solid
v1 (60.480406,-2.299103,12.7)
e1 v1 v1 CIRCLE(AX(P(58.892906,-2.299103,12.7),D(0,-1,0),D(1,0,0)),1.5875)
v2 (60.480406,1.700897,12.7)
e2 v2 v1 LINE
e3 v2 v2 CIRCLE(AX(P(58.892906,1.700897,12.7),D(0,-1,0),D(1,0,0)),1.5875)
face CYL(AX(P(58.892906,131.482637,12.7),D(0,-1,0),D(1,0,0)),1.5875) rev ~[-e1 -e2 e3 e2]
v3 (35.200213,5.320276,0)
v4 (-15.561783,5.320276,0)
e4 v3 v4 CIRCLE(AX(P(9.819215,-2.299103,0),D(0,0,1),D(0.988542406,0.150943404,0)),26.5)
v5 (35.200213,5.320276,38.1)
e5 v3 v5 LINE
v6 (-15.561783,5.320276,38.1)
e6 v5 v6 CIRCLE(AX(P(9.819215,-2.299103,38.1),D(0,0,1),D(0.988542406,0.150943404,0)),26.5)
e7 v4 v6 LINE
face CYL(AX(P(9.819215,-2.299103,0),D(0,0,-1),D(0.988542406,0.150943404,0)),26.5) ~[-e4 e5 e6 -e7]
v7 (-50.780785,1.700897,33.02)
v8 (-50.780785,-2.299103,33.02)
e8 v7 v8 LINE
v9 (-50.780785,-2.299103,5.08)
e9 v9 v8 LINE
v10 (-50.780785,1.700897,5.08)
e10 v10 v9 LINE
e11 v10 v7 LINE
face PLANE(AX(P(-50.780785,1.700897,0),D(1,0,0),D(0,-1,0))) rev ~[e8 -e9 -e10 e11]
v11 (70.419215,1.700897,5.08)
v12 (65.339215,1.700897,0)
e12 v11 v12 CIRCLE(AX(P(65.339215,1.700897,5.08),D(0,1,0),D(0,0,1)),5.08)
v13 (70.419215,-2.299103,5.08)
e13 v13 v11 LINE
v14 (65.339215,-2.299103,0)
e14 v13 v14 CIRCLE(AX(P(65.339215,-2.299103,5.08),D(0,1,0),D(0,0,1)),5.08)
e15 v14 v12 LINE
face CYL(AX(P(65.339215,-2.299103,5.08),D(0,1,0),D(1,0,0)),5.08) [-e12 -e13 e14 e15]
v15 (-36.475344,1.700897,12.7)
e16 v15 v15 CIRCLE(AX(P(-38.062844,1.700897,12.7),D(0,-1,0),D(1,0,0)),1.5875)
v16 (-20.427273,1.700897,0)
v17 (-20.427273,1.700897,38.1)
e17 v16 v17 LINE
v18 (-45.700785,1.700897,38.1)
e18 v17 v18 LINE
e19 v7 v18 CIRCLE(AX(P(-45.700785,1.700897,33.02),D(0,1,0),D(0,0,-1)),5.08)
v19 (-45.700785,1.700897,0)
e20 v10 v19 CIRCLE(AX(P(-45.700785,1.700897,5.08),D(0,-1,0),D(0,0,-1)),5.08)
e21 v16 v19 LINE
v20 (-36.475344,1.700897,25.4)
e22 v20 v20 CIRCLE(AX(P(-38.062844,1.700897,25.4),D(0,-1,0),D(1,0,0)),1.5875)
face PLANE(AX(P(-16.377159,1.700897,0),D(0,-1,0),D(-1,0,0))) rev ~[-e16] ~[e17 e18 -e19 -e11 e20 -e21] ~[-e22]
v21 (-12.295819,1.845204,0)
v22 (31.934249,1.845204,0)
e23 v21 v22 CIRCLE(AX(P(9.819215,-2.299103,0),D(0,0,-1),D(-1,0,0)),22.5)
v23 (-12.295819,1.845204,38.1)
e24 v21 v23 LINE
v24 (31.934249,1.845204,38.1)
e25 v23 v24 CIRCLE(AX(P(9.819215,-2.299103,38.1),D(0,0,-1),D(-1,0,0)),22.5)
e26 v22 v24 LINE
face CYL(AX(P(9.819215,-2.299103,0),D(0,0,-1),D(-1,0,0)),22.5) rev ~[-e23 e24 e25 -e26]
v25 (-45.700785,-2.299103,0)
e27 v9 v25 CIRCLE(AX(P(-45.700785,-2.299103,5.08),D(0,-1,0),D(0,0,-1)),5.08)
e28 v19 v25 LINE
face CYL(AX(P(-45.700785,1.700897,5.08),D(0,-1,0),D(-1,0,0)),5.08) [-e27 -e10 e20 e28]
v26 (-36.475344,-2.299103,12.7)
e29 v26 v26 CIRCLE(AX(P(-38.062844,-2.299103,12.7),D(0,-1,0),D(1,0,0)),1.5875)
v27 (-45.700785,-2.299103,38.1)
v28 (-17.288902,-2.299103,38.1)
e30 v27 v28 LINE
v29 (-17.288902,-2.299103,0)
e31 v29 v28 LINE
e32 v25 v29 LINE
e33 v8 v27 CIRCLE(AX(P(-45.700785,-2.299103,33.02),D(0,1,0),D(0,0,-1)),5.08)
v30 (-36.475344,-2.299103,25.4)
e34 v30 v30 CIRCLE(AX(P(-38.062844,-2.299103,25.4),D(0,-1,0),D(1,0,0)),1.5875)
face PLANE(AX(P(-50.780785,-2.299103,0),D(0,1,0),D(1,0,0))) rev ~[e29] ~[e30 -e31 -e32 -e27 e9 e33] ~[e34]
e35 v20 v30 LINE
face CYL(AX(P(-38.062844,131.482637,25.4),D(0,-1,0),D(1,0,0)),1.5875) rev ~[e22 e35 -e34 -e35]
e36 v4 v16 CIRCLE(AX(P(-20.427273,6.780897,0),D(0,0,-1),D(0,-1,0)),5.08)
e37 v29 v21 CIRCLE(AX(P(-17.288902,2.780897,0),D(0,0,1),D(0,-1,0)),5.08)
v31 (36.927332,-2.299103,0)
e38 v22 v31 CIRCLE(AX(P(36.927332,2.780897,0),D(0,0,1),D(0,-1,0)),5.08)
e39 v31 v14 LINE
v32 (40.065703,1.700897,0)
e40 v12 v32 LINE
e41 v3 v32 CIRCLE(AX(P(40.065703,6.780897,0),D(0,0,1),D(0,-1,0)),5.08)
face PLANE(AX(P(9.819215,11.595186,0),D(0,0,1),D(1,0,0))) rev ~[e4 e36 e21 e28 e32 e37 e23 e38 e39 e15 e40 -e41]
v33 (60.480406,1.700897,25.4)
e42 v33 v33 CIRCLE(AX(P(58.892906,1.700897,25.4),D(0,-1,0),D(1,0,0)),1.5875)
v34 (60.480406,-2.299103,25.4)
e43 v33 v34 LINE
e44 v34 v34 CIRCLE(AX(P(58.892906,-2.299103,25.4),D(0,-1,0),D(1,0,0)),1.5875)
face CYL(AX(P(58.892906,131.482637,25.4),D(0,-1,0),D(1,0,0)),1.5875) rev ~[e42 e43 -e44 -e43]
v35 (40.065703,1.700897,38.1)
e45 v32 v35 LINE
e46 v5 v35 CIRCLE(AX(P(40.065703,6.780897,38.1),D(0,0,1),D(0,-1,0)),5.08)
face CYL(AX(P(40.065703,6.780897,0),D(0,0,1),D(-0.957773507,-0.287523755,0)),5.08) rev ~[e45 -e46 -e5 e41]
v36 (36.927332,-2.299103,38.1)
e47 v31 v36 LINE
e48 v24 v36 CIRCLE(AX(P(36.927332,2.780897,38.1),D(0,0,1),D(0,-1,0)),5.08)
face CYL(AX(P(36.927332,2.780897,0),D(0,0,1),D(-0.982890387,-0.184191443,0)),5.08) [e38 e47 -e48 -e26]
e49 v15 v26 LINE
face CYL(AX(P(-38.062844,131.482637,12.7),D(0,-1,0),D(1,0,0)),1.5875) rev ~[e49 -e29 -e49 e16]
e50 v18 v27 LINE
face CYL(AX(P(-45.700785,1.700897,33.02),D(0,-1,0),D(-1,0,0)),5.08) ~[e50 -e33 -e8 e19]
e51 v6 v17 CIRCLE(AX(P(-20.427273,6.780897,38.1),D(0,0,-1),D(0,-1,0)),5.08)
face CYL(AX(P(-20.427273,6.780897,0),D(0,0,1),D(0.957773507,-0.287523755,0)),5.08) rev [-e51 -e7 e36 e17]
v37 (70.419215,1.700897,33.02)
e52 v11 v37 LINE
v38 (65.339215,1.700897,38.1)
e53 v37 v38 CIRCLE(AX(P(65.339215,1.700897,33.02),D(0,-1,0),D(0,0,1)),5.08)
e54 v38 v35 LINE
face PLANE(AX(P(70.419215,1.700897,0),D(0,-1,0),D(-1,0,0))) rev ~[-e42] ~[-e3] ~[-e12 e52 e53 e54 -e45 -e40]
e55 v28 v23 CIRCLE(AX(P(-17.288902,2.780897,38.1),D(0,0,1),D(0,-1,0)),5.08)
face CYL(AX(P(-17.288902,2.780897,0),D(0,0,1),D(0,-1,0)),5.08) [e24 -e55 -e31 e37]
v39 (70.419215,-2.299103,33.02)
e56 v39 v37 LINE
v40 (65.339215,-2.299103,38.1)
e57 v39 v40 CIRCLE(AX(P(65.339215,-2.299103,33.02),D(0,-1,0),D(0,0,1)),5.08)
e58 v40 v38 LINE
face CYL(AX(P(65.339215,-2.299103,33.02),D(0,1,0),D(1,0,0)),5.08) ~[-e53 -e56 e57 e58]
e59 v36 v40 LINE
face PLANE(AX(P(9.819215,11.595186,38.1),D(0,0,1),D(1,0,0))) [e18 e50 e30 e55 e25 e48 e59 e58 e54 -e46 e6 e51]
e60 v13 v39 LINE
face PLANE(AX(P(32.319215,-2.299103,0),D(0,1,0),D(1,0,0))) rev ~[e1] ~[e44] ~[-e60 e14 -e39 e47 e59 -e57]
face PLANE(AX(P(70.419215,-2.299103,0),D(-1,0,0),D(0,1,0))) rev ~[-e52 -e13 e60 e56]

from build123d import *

# Parameters (mm, degrees)
F1_DEPTH = 38.1
F2_R     = 5.08
F4_D     = 3.175


with BuildPart() as f1:
    # F0 (on Top) → F1 (new body)
    with BuildSketch(Plane.XY):
        with BuildLine():
            Line((32.319215, -2.299103), (32.319215, 1.700897))
            Line((32.319215, 1.700897), (36.015589, 1.700897))
            ThreePointArc((36.015589, 1.700897), (9.819215, 24.200897), (-16.377159, 1.700897))
            Line((-16.377159, 1.700897), (-12.680785, 1.700897))
            Line((-12.680785, 1.700897), (-12.680785, -2.299103))
            ThreePointArc((-12.680785, -2.299103), (9.819215, 20.200897), (32.319215, -2.299103))
        make_face()
        with BuildLine():
            Line((36.015589, 1.700897), (32.319215, 1.700897))
            Line((32.319215, 1.700897), (32.319215, -2.299103))
            Line((32.319215, -2.299103), (36.319215, -2.299103))
            ThreePointArc((36.319215, -2.299103), (36.2432, -0.293349), (36.015589, 1.700897))
        make_face()
        with BuildLine():
            Line((70.419215, 1.700897), (36.015589, 1.700897))
            ThreePointArc((36.015589, 1.700897), (36.2432, -0.293349), (36.319215, -2.299103))
            Line((36.319215, -2.299103), (70.419215, -2.299103))
            Line((70.419215, -2.299103), (70.419215, 1.700897))
        make_face()
        with BuildLine():
            Line((-12.680785, 1.700897), (-16.377159, 1.700897))
            ThreePointArc((-16.377159, 1.700897), (-16.604769, -0.293349), (-16.680785, -2.299103))
            Line((-16.680785, -2.299103), (-12.680785, -2.299103))
            Line((-12.680785, -2.299103), (-12.680785, 1.700897))
        make_face()
        with BuildLine():
            ThreePointArc((-16.680785, -2.299103), (-16.604769, -0.293349), (-16.377159, 1.700897))
            Line((-16.377159, 1.700897), (-50.780785, 1.700897))
            Line((-50.780785, 1.700897), (-50.780785, -2.299103))
            Line((-50.780785, -2.299103), (-16.680785, -2.299103))
        make_face()
    extrude(amount=F1_DEPTH)

    # F2
    f2_edges = [f1.edges().sort_by_distance(p)[0] for p in [
        (70.419215, -0.299103, 38.1),
        (70.419215, -0.299103, 0),
        (32.319215, -2.299103, 19.05),
        (-12.680785, -2.299103, 19.05),
        (-50.780785, -0.299103, 38.1),
        (-50.780785, -0.299103, 0),
        (-16.377159, 1.700897, 19.05),
        (36.015589, 1.700897, 19.05),
    ]]
    fillet(f2_edges, radius=F2_R)

    # F4 (through all)
    with Locations(Plane(origin=(0, 1.700897, 0), x_dir=(-1, 0, 0), z_dir=(0, 1, 0))):
        with Locations((-58.892906, 25.4), (-58.892906, 12.7), (38.062844, 12.7), (38.062844, 25.4)):
            Hole(F4_D / 2)


solid = f1.part
